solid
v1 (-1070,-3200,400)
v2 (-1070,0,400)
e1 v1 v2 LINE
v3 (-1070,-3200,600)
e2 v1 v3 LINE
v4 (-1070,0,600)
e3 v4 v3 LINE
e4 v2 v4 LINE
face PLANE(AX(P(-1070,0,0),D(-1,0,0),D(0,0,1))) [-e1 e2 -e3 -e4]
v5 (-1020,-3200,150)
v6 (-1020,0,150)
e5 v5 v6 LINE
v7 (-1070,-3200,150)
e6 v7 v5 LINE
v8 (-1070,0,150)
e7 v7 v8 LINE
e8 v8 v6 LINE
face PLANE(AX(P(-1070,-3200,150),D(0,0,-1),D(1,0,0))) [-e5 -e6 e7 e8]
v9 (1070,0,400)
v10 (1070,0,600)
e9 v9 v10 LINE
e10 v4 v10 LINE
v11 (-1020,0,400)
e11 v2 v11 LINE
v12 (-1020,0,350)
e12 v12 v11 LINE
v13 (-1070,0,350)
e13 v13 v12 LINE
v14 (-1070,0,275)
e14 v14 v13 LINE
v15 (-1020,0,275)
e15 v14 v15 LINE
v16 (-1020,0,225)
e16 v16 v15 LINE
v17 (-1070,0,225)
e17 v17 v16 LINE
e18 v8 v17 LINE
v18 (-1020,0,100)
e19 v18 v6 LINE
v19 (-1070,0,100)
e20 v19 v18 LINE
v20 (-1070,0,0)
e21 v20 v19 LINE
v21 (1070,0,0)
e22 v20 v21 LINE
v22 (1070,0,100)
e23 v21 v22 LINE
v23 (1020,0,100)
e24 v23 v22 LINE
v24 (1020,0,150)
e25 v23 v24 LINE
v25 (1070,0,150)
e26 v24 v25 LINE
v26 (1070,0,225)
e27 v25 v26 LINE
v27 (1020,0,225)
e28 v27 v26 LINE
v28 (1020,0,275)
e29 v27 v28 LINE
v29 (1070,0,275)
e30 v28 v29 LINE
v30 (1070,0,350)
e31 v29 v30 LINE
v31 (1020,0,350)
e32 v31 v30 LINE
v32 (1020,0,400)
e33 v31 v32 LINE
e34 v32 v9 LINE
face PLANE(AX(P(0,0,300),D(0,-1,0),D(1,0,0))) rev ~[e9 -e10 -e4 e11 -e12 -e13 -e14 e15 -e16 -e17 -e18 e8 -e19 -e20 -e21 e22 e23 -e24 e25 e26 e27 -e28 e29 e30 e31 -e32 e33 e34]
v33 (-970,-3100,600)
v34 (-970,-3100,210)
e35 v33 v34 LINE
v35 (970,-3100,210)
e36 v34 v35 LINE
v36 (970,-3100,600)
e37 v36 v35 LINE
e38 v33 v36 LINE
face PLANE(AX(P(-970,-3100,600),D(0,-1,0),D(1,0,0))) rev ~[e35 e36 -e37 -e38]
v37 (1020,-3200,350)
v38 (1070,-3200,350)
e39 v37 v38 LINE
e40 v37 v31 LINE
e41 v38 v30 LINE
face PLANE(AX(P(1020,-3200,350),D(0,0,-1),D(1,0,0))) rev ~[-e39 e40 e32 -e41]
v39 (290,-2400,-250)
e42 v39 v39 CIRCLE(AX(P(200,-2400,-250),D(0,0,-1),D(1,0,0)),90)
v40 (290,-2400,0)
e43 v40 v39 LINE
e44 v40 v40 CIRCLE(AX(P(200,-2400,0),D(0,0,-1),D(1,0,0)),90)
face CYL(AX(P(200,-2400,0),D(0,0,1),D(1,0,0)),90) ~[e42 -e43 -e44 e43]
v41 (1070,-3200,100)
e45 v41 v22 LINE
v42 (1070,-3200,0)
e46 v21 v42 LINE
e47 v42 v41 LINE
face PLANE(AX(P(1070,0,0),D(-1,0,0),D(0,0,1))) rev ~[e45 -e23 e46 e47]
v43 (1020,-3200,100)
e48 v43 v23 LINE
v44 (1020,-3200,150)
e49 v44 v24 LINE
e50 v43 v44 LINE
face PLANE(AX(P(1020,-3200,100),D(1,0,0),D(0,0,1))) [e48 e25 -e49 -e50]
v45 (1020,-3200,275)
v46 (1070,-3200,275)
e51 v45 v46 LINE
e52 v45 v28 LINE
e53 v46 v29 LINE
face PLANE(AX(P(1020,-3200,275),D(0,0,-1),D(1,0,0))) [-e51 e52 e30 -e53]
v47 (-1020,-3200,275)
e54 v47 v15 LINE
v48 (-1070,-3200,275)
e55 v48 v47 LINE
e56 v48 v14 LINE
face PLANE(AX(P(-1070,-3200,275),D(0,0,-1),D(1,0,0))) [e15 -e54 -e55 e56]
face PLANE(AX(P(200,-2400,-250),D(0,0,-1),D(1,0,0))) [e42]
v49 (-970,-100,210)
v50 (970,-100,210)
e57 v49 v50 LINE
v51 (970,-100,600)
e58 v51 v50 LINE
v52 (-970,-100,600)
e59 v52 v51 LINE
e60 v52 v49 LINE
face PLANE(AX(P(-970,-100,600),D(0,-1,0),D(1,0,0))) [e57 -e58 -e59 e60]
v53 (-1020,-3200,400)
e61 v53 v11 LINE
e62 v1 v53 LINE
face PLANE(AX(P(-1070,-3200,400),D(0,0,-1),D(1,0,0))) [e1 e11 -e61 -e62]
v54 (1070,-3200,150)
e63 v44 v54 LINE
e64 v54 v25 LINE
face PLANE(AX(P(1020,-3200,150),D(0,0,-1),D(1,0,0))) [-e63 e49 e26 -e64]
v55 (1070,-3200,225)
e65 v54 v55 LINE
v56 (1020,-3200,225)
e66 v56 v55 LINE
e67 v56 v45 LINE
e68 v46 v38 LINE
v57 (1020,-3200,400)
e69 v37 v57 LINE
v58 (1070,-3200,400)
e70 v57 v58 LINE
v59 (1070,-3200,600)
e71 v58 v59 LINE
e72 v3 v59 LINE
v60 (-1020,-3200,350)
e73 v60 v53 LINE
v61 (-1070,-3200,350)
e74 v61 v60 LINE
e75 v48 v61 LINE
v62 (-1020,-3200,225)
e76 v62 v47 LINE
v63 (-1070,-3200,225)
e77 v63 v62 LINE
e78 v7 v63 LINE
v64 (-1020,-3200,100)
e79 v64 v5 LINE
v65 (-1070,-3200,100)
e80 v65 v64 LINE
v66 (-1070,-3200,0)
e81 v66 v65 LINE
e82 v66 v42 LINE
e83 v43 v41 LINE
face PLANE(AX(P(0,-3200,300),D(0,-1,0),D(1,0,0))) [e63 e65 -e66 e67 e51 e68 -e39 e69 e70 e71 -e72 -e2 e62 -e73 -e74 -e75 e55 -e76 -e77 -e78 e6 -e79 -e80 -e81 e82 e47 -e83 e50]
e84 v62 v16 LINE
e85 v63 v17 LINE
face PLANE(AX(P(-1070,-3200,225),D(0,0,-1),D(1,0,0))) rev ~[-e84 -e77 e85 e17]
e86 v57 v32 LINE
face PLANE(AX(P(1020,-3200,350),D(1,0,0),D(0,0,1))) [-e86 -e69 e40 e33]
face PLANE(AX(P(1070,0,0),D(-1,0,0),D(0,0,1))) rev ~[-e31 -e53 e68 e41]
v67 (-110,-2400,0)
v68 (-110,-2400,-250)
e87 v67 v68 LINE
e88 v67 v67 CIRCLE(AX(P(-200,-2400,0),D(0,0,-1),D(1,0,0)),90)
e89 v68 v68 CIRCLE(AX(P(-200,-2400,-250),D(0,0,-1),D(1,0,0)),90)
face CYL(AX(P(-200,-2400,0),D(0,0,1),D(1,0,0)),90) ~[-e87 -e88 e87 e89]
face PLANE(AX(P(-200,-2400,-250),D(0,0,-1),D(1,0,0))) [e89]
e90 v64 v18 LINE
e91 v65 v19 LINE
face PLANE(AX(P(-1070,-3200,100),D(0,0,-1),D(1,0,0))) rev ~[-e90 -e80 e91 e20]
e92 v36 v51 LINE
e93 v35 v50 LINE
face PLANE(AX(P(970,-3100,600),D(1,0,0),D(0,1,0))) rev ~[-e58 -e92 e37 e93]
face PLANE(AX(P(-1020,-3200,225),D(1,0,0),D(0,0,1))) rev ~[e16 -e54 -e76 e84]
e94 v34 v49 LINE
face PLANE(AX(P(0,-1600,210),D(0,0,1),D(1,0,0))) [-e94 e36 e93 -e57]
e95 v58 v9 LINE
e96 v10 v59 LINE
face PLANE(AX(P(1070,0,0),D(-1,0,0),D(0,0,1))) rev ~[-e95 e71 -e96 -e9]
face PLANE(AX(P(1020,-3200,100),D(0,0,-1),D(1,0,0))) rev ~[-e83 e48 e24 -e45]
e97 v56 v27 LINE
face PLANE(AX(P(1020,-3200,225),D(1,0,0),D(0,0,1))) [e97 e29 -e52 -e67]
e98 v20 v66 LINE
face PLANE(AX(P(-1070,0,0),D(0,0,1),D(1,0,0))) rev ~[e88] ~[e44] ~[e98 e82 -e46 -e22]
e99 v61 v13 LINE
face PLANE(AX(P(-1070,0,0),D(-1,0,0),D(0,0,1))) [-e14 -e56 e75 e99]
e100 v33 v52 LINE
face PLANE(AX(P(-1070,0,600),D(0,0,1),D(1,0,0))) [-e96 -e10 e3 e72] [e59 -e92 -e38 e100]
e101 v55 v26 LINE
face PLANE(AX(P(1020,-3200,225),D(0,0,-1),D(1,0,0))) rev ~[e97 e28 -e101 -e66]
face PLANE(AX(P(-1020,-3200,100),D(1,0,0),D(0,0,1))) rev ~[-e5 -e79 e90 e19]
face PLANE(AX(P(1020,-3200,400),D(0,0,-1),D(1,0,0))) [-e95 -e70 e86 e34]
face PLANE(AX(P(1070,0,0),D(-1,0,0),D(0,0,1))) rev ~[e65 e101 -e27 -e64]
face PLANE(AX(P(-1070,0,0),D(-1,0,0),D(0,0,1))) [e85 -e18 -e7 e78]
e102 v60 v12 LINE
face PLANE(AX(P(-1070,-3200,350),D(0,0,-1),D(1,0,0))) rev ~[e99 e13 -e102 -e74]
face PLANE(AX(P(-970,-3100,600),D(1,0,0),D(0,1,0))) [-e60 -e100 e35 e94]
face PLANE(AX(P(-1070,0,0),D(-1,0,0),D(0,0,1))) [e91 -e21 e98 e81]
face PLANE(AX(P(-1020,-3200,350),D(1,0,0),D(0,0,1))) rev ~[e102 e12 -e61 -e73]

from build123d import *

# Parameters (mm, degrees)
F0_W     = 2140
F0_H     = 600
F1_DEPTH = 3200
F2_W     = 1940
F2_H     = 3000
F3_DEPTH = 390
F4_R     = 90
F5_DEPTH = 250
F6_W     = 50
F6_H     = 50
F7_DEPTH = 3200


with BuildPart() as f1:
    # F0 (on Front) → F1 (new body)
    with BuildSketch(Plane.XZ):
        with Locations((0, 300)):
            Rectangle(F0_W, F0_H)
    extrude(amount=F1_DEPTH)

    # F2 (on face) → F3 (cut)
    with BuildSketch(Plane.XY.offset(600)):
        with Locations((0, -1600)):
            Rectangle(F2_W, F2_H)
    extrude(amount=-F3_DEPTH, mode=Mode.SUBTRACT)

    # F4 (on face) → F5 (join)
    with BuildSketch(Plane(origin=(0, 0, 0), x_dir=(1, 0, 0), z_dir=(0, 0, -1))):
        with Locations((-200, 2400)):
            Circle(F4_R)
        with Locations((200, 2400)):
            Circle(F4_R)
    extrude(amount=F5_DEPTH)

    # F6 (on face) → F7 (cut)
    with BuildSketch(Plane.XZ.offset(3200)):
        with Locations((1045, 375)):
            Rectangle(F6_W, F6_H)
        with Locations((1045, 250)):
            Rectangle(F6_W, F6_H)
        with Locations((1045, 125)):
            Rectangle(F6_W, F6_H)
        with Locations((-1045, 125)):
            Rectangle(F6_W, F6_H)
        with Locations((-1045, 250)):
            Rectangle(F6_W, F6_H)
        with Locations((-1045, 375)):
            Rectangle(F6_W, F6_H)
    extrude(amount=-F7_DEPTH, mode=Mode.SUBTRACT)


solid = f1.part
